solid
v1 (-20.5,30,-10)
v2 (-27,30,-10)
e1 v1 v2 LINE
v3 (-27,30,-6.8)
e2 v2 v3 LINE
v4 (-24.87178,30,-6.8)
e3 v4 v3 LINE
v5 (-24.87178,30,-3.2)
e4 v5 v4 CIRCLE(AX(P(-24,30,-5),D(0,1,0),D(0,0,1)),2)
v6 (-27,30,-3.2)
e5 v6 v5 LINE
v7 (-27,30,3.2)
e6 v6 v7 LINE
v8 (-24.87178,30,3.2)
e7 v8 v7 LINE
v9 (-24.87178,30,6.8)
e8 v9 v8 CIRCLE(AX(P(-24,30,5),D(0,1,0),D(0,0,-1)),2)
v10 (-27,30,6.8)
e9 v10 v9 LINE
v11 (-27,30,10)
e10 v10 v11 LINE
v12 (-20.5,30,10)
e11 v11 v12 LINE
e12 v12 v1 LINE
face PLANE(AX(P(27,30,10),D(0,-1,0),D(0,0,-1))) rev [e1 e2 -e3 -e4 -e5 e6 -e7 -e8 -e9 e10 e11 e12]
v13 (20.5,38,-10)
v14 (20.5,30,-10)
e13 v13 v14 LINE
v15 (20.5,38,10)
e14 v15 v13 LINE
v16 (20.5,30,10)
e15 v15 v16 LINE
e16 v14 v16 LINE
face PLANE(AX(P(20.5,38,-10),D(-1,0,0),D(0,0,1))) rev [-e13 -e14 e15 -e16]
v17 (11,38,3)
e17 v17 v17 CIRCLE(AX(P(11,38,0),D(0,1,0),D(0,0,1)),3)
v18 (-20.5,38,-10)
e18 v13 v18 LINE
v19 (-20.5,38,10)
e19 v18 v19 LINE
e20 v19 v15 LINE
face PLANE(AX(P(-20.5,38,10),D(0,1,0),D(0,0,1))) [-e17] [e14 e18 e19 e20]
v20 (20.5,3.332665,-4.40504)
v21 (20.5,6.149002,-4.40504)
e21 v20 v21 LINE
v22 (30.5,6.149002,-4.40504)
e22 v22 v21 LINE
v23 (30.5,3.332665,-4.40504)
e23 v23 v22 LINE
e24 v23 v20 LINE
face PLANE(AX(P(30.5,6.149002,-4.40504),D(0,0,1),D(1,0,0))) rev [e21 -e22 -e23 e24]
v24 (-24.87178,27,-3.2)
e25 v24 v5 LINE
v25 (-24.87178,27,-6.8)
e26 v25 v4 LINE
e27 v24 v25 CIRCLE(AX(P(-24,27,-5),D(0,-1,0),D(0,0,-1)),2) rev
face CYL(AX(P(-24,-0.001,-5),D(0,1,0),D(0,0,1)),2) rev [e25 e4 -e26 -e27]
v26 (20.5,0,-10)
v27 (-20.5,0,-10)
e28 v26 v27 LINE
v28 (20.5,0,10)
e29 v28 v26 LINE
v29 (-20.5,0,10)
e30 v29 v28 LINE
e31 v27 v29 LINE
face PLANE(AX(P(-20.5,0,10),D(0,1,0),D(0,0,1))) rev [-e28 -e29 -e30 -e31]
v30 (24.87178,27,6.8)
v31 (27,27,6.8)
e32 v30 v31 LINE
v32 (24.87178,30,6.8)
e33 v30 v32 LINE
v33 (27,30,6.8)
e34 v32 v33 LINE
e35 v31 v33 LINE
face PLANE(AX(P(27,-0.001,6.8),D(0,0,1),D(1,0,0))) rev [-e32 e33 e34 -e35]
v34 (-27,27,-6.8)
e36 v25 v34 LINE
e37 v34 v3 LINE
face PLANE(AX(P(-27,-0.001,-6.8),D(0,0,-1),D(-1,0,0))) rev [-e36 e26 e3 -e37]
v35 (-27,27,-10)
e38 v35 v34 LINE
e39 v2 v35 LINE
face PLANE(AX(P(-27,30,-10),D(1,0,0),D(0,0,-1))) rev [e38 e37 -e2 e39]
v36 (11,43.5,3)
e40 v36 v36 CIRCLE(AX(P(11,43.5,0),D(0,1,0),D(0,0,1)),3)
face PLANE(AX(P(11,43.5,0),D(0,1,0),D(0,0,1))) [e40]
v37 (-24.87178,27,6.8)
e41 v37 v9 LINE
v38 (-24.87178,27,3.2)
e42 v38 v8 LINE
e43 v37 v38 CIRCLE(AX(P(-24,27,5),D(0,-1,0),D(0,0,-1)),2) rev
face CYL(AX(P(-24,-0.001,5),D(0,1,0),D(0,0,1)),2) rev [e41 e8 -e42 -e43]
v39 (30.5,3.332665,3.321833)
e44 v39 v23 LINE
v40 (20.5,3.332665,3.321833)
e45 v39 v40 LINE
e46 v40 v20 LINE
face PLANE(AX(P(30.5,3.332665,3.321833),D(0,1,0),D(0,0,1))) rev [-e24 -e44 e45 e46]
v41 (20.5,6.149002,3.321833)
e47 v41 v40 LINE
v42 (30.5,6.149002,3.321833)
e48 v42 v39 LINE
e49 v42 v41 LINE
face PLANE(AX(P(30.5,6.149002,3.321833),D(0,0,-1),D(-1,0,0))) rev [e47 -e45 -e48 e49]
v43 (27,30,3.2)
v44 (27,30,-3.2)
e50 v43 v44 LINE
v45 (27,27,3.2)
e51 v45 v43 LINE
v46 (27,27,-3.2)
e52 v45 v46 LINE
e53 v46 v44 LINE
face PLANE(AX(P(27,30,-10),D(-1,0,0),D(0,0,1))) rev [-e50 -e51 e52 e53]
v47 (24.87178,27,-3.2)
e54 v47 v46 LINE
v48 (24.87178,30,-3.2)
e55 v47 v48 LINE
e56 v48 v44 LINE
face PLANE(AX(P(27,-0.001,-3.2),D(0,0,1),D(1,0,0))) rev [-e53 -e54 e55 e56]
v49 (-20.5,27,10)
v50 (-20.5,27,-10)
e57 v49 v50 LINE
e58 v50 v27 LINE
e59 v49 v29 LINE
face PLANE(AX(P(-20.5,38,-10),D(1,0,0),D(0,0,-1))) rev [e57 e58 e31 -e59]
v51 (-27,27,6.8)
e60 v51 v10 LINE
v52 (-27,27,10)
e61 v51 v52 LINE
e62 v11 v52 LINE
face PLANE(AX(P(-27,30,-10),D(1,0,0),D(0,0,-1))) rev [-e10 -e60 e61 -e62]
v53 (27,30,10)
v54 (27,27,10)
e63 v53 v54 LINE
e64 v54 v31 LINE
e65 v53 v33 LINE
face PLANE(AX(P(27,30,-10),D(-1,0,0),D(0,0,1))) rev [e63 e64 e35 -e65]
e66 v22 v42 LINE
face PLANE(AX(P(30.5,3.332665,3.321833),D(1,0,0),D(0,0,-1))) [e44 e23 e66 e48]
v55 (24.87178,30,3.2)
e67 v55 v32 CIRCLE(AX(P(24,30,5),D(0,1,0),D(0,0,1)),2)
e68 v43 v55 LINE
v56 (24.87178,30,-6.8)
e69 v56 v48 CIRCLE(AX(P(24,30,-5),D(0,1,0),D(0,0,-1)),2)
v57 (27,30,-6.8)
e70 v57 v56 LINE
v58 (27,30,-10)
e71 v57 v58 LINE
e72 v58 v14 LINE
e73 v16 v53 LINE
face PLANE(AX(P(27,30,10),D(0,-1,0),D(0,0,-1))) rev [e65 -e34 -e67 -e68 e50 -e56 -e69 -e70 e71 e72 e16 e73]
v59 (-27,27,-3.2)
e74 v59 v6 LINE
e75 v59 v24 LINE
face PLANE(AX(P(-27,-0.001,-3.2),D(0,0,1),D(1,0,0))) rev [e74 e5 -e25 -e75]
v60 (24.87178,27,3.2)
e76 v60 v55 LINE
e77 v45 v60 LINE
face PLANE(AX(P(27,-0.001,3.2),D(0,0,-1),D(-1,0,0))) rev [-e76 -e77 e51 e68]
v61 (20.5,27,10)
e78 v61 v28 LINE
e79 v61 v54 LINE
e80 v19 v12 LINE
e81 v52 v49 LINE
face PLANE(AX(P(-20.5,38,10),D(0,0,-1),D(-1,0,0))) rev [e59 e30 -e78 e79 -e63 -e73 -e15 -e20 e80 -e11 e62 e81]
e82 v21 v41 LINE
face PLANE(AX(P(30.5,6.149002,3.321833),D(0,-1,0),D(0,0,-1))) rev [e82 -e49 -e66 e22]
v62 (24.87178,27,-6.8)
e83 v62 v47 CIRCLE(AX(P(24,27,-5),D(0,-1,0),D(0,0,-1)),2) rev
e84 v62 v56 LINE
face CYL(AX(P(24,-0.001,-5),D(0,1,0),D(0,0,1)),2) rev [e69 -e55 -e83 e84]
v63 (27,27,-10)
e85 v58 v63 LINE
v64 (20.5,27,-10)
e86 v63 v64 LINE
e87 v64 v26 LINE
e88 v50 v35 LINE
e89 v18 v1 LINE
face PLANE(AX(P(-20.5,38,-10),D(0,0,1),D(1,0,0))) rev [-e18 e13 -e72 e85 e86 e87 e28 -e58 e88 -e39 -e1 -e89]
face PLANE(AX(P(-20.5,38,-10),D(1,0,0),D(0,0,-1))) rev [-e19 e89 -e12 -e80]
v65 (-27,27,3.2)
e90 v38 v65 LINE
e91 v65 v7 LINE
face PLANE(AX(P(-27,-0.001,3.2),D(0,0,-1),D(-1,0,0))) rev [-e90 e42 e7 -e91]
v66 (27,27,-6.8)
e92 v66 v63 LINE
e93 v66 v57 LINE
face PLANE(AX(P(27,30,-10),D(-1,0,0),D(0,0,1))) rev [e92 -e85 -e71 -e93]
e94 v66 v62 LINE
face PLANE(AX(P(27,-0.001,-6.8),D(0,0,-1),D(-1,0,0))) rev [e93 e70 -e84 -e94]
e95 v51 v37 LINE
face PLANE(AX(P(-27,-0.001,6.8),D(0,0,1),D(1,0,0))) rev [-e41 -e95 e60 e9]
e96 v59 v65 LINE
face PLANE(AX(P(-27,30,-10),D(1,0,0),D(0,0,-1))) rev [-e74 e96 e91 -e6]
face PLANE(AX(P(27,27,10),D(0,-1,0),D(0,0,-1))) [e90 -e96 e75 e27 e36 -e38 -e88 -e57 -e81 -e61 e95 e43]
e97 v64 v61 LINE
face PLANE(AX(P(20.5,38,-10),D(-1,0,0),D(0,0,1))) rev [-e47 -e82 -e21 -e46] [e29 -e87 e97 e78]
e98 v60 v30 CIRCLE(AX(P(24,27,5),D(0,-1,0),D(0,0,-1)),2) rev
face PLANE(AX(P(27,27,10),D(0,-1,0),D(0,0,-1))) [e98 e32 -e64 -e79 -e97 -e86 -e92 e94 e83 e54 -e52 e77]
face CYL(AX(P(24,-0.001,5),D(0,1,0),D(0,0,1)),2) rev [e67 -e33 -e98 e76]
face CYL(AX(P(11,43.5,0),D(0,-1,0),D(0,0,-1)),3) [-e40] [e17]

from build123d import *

# Parameters (mm, degrees)
SKETCH_1_W          = 41
SKETCH_1_H          = 20
EXTRUDE_1_DEPTH     = 38
SKETCH_2_W          = 54
SKETCH_2_H          = 20
EXTRUDE_2_DEPTH     = 3
CUT_EXTRUDE_1_REACH = 43.581
SKETCH_4_R          = 7.5
EXTRUDE_3_DEPTH     = 3
SKETCH_5_R          = 3
EXTRUDE_4_DEPTH     = 5.5
SKETCH_6_W          = 7.726872992
SKETCH_6_H          = 2.816336885
EXTRUDE_5_DEPTH     = 10


with BuildPart() as part:
    # 草圖1 → 伸長1 (new body)
    with BuildSketch(Plane(origin=(0, 0, 0), x_dir=(1, 0, 0), z_dir=(0, 1, 0))):
        Rectangle(SKETCH_1_W, SKETCH_1_H)
    extrude(amount=EXTRUDE_1_DEPTH)

    # 草圖2 → 伸長2 (add)
    with BuildSketch(Plane(origin=(0, 27, 0), x_dir=(-1, 0, 0), z_dir=(0, 1, 0))):
        Rectangle(SKETCH_2_W, SKETCH_2_H)
    extrude(amount=EXTRUDE_2_DEPTH)

    # 草圖3 → 除料-伸長1 (cut, up to next)
    with BuildSketch(Plane(origin=(0, 30, 0), x_dir=(-1, 0, 0), z_dir=(0, 1, 0)), mode=Mode.PRIVATE) as cut_extrude_1_sk1:
        with BuildLine():
            Line((-27, 3.2), (-24.871779789, 3.2))
            ThreePointArc((-24.871779789, 3.2), (-22, 5), (-24.871779789, 6.8))
            Line((-24.871779789, 6.8), (-27, 6.8))
            Line((-27, 6.8), (-27, 3.2))
        make_face()
    cut_extrude_1_tool1 = extrude(cut_extrude_1_sk1.sketch, amount=-CUT_EXTRUDE_1_REACH, mode=Mode.PRIVATE) & part.part
    # 草圖3 → 除料-伸長1 (cut, up to next)
    with BuildSketch(Plane(origin=(0, 30, 0), x_dir=(-1, 0, 0), z_dir=(0, 1, 0)), mode=Mode.PRIVATE) as cut_extrude_1_sk2:
        with BuildLine():
            Line((-27, -6.8), (-24.871779789, -6.8))
            ThreePointArc((-24.871779789, -6.8), (-22, -5), (-24.871779789, -3.2))
            Line((-24.871779789, -3.2), (-27, -3.2))
            Line((-27, -3.2), (-27, -6.8))
        make_face()
    cut_extrude_1_tool2 = extrude(cut_extrude_1_sk2.sketch, amount=-CUT_EXTRUDE_1_REACH, mode=Mode.PRIVATE) & part.part
    # 草圖3 → 除料-伸長1 (cut, up to next)
    with BuildSketch(Plane(origin=(0, 30, 0), x_dir=(-1, 0, 0), z_dir=(0, 1, 0)), mode=Mode.PRIVATE) as cut_extrude_1_sk3:
        with BuildLine():
            Line((27, -3.2), (24.871779789, -3.2))
            ThreePointArc((24.871779789, -3.2), (22, -5), (24.871779789, -6.8))
            Line((24.871779789, -6.8), (27, -6.8))
            Line((27, -6.8), (27, -3.2))
        make_face()
    cut_extrude_1_tool3 = extrude(cut_extrude_1_sk3.sketch, amount=-CUT_EXTRUDE_1_REACH, mode=Mode.PRIVATE) & part.part
    # 草圖3 → 除料-伸長1 (cut, up to next)
    with BuildSketch(Plane(origin=(0, 30, 0), x_dir=(-1, 0, 0), z_dir=(0, 1, 0)), mode=Mode.PRIVATE) as cut_extrude_1_sk4:
        with BuildLine():
            Line((27, 6.8), (24.871779789, 6.8))
            ThreePointArc((24.871779789, 6.8), (22, 5), (24.871779789, 3.2))
            Line((24.871779789, 3.2), (27, 3.2))
            Line((27, 3.2), (27, 6.8))
        make_face()
    cut_extrude_1_tool4 = extrude(cut_extrude_1_sk4.sketch, amount=-CUT_EXTRUDE_1_REACH, mode=Mode.PRIVATE) & part.part
    add(cut_extrude_1_tool1.solids().sort_by_distance((24.63194, 30, 5))[0], mode=Mode.SUBTRACT)
    add(cut_extrude_1_tool2.solids().sort_by_distance((24.63194, 30, -5))[0], mode=Mode.SUBTRACT)
    add(cut_extrude_1_tool3.solids().sort_by_distance((-24.63194, 30, -5))[0], mode=Mode.SUBTRACT)
    add(cut_extrude_1_tool4.solids().sort_by_distance((-24.63194, 30, 5))[0], mode=Mode.SUBTRACT)

    # 草圖4 → 伸長3 (add)
    with BuildSketch(Plane(origin=(0, 30, 0), x_dir=(-1, 0, 0), z_dir=(0, 1, 0))):
        with Locations((-11, 0)):
            Circle(SKETCH_4_R)
    extrude(amount=EXTRUDE_3_DEPTH)

    # 草圖5 → 伸長4 (add)
    with BuildSketch(Plane(origin=(0, 38, 0), x_dir=(-1, 0, 0), z_dir=(0, 1, 0))):
        with Locations(Location((-11, 0, 0), (0, 0, 90))):
            Circle(SKETCH_5_R)
    extrude(amount=EXTRUDE_4_DEPTH)

    # 草圖6 → 伸長5 (add)
    with BuildSketch(Plane(origin=(20.5, 0, 0), x_dir=(0, 0, -1), z_dir=(1, 0, 0))):
        with Locations((0.541603247, 4.740833757)):
            Rectangle(SKETCH_6_W, SKETCH_6_H)
    extrude(amount=EXTRUDE_5_DEPTH)


solid = part.part
